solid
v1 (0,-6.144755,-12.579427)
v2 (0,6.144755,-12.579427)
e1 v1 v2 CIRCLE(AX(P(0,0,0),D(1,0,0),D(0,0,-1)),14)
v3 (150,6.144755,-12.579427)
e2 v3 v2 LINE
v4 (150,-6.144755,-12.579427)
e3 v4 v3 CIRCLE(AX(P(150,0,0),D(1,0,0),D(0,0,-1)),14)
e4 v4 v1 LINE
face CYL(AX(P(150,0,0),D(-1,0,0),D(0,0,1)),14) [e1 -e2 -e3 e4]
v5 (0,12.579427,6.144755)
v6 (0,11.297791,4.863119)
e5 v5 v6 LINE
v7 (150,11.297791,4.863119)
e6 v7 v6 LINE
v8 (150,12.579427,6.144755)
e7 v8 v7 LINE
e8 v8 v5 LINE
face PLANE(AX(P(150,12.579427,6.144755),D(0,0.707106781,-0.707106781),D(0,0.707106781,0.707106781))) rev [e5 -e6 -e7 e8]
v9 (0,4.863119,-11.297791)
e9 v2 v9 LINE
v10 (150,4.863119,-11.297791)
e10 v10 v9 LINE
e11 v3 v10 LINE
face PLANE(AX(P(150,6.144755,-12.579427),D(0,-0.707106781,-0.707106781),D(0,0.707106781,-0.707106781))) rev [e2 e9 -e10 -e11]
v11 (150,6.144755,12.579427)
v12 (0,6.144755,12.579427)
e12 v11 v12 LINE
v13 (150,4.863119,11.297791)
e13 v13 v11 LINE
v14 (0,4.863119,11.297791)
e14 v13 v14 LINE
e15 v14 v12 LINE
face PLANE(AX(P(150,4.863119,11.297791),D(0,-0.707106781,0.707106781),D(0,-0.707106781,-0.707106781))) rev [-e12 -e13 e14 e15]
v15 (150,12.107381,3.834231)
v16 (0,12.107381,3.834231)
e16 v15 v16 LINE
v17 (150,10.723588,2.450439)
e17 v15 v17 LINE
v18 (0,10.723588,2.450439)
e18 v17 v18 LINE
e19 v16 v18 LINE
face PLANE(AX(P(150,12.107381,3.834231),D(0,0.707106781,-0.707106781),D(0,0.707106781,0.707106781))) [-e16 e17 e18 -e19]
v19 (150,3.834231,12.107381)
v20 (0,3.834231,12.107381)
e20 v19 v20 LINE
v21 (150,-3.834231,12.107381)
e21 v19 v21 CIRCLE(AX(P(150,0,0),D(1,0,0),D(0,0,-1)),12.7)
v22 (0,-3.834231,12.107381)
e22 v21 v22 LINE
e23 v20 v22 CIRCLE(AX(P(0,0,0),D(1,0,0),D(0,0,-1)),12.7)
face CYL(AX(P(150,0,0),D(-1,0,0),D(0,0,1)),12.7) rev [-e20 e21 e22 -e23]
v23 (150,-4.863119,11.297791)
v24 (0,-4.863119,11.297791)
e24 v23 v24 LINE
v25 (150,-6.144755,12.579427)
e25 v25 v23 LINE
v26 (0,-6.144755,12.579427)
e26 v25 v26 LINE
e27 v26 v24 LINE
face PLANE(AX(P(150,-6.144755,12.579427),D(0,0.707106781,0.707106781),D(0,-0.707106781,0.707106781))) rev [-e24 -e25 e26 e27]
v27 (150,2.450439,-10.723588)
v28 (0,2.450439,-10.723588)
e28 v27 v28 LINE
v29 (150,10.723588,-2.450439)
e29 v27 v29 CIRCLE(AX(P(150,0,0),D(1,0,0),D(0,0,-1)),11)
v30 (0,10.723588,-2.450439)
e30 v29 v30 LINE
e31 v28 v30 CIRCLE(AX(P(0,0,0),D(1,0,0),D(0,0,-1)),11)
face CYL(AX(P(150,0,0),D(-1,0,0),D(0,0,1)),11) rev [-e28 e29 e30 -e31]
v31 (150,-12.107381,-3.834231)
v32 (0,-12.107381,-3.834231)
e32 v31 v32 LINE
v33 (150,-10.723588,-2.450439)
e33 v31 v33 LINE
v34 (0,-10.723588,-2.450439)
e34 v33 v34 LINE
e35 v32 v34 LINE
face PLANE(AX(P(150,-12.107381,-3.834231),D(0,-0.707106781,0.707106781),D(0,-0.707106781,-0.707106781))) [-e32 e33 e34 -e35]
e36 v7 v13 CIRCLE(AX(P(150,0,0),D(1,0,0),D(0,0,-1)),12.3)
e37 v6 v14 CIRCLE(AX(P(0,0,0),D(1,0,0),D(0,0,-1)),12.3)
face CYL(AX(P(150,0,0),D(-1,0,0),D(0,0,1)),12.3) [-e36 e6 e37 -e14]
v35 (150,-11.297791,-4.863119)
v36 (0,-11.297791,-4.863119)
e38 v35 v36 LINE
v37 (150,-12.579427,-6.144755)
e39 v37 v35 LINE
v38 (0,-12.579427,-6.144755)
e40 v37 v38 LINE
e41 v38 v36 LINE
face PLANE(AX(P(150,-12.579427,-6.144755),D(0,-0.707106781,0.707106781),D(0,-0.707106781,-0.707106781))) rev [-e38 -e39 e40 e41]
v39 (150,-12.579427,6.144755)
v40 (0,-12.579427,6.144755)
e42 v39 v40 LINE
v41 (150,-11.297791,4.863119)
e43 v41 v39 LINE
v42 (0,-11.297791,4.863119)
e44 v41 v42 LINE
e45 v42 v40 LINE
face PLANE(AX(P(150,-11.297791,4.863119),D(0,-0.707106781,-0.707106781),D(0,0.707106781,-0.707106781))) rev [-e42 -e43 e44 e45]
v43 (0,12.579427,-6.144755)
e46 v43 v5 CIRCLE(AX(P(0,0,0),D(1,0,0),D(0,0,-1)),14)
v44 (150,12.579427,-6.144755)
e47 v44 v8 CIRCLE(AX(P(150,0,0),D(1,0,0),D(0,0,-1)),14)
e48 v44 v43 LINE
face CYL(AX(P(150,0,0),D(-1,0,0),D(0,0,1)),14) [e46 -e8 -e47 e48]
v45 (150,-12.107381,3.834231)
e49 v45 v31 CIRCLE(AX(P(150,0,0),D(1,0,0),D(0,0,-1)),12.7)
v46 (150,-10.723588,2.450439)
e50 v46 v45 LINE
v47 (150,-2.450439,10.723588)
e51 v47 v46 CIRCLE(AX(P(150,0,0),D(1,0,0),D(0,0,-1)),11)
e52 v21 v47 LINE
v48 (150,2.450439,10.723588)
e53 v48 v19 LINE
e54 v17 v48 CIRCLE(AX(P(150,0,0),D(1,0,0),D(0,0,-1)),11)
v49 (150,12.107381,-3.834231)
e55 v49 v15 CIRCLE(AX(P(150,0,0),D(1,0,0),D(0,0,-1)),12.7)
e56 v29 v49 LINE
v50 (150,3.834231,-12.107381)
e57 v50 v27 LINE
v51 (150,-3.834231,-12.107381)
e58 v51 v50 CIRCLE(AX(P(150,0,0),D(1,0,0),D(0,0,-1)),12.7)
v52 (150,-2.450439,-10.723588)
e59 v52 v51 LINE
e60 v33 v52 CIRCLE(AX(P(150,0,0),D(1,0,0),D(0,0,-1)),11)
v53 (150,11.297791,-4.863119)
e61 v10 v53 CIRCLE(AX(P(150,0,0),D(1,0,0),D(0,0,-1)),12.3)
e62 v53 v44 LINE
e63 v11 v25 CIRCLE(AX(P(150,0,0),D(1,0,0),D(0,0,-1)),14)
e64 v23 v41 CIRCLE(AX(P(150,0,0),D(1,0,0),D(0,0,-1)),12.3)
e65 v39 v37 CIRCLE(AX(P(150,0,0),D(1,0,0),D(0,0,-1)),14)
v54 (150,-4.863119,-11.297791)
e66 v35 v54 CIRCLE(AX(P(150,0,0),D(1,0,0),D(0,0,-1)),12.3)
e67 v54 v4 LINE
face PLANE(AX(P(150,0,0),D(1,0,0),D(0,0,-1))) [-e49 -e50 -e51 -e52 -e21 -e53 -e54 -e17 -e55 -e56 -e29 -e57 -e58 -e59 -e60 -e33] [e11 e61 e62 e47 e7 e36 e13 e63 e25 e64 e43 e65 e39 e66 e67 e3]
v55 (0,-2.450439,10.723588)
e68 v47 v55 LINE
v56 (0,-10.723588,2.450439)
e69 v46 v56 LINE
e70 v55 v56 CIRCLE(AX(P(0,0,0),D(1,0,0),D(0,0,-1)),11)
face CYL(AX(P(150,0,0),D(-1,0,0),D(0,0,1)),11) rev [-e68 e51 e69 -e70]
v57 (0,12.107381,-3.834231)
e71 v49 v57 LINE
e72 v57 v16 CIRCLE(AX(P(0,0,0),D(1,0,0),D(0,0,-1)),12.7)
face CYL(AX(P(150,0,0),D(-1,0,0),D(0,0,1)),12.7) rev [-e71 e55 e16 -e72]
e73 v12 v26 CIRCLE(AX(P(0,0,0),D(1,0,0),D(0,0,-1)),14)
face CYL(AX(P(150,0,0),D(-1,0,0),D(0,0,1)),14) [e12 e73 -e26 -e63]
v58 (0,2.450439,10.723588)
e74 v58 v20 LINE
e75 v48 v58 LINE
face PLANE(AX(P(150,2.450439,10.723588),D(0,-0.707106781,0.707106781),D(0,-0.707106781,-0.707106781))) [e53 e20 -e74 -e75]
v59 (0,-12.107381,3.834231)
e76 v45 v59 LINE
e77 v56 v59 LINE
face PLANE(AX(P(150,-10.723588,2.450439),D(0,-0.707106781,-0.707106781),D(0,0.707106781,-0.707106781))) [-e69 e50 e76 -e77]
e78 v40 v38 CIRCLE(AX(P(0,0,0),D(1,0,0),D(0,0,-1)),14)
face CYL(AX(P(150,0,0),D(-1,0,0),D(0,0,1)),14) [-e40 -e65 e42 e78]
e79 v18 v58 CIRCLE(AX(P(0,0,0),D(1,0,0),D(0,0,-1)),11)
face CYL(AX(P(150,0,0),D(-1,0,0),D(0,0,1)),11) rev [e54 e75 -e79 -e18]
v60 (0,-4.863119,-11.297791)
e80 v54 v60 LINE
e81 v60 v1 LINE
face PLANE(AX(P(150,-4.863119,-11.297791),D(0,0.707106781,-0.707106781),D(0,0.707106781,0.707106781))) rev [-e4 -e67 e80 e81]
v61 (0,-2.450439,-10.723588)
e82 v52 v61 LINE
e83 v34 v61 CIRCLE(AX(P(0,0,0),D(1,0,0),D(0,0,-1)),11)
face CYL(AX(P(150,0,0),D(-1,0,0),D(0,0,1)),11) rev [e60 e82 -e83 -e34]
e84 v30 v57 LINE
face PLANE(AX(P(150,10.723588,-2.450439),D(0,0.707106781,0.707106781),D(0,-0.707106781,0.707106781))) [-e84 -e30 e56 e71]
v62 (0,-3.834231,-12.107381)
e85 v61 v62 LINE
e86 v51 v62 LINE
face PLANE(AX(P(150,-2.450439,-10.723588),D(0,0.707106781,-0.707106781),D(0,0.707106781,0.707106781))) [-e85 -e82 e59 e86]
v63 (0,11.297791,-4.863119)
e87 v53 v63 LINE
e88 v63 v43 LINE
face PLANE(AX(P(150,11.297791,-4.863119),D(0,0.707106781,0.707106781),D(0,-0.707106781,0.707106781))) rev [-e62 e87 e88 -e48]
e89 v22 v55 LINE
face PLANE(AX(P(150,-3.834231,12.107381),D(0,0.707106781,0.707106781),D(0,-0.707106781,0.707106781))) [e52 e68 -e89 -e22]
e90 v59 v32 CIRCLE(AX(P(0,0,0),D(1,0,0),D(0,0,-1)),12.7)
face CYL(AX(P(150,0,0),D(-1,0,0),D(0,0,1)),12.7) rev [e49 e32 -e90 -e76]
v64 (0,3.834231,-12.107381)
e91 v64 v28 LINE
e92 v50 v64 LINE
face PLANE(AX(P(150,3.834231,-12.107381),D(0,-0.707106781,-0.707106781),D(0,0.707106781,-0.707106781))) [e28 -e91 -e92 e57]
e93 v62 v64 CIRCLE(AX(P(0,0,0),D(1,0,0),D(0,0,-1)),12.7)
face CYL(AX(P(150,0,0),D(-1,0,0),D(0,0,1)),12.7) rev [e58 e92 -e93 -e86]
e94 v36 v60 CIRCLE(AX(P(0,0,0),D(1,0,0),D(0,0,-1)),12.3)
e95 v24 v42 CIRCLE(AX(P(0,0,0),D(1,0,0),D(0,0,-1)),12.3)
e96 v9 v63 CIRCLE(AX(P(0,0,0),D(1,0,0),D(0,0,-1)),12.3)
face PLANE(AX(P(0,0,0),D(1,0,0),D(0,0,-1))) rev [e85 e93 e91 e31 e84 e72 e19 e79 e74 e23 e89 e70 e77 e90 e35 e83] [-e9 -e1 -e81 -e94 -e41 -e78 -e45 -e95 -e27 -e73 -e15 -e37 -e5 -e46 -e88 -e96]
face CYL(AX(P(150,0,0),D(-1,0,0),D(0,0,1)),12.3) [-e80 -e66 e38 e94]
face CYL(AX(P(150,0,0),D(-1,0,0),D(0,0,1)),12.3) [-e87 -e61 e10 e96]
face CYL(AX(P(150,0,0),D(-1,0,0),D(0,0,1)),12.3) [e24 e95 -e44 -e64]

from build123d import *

# Parameters (mm, degrees)
BOSS_EXTRUDE1_DEPTH = 150


with BuildPart() as part:
    # Sketch1 → Boss-Extrude1 (new body)
    with BuildSketch(Plane(origin=(0, 0, 0), x_dir=(0, 0, -1), z_dir=(1, 0, 0))):
        with BuildLine():
            Line((-11.297790668, 4.86311896), (-12.579426967, 6.144755258))
            ThreePointArc((-12.579426967, 6.144755258), (-14, 0), (-12.579426967, -6.144755258))
            Line((-12.579426967, -6.144755258), (-11.297790668, -4.86311896))
            ThreePointArc((-11.297790668, -4.86311896), (-8.697413409, -8.697413409), (-4.86311896, -11.297790668))
            Line((-4.86311896, -11.297790668), (-6.144755258, -12.579426967))
            ThreePointArc((-6.144755258, -12.579426967), (0, -14), (6.144755258, -12.579426967))
            Line((6.144755258, -12.579426967), (4.86311896, -11.297790668))
            ThreePointArc((4.86311896, -11.297790668), (8.697413409, -8.697413409), (11.297790668, -4.86311896))
            Line((11.297790668, -4.86311896), (12.579426967, -6.144755258))
            ThreePointArc((12.579426967, -6.144755258), (13.64023419, -3.153412633), (14, 0))
            ThreePointArc((14, 0), (13.64023419, 3.153412633), (12.579426967, 6.144755258))
            Line((12.579426967, 6.144755258), (11.297790668, 4.86311896))
            ThreePointArc((11.297790668, 4.86311896), (8.697413409, 8.697413409), (4.86311896, 11.297790668))
            Line((4.86311896, 11.297790668), (6.144755258, 12.579426967))
            ThreePointArc((6.144755258, 12.579426967), (0, 14), (-6.144755258, 12.579426967))
            Line((-6.144755258, 12.579426967), (-4.86311896, 11.297790668))
            ThreePointArc((-4.86311896, 11.297790668), (-8.697413409, 8.697413409), (-11.297790668, 4.86311896))
        make_face()
        with BuildLine():
            Line((-10.723588409, 2.450439069), (-12.107380777, 3.834231437))
            ThreePointArc((-12.107380777, 3.834231437), (-12.7, 0), (-12.107380777, -3.834231437))
            Line((-12.107380777, -3.834231437), (-10.723588409, -2.450439069))
            ThreePointArc((-10.723588409, -2.450439069), (-7.778174593, -7.778174593), (-2.450439069, -10.723588409))
            Line((-2.450439069, -10.723588409), (-3.834231437, -12.107380777))
            ThreePointArc((-3.834231437, -12.107380777), (0, -12.7), (3.834231437, -12.107380777))
            Line((3.834231437, -12.107380777), (2.450439069, -10.723588409))
            ThreePointArc((2.450439069, -10.723588409), (7.778174593, -7.778174593), (10.723588409, -2.450439069))
            Line((10.723588409, -2.450439069), (12.107380777, -3.834231437))
            ThreePointArc((12.107380777, -3.834231437), (12.550970797, -1.939879394), (12.7, 0))
            ThreePointArc((12.7, 0), (12.550970797, 1.939879394), (12.107380777, 3.834231437))
            Line((12.107380777, 3.834231437), (10.723588409, 2.450439069))
            ThreePointArc((10.723588409, 2.450439069), (7.778174593, 7.778174593), (2.450439069, 10.723588409))
            Line((2.450439069, 10.723588409), (3.834231437, 12.107380777))
            ThreePointArc((3.834231437, 12.107380777), (0, 12.7), (-3.834231437, 12.107380777))
            Line((-3.834231437, 12.107380777), (-2.450439069, 10.723588409))
            ThreePointArc((-2.450439069, 10.723588409), (-7.778174593, 7.778174593), (-10.723588409, 2.450439069))
        make_face(mode=Mode.SUBTRACT)
    extrude(amount=BOSS_EXTRUDE1_DEPTH)


solid = part.part
